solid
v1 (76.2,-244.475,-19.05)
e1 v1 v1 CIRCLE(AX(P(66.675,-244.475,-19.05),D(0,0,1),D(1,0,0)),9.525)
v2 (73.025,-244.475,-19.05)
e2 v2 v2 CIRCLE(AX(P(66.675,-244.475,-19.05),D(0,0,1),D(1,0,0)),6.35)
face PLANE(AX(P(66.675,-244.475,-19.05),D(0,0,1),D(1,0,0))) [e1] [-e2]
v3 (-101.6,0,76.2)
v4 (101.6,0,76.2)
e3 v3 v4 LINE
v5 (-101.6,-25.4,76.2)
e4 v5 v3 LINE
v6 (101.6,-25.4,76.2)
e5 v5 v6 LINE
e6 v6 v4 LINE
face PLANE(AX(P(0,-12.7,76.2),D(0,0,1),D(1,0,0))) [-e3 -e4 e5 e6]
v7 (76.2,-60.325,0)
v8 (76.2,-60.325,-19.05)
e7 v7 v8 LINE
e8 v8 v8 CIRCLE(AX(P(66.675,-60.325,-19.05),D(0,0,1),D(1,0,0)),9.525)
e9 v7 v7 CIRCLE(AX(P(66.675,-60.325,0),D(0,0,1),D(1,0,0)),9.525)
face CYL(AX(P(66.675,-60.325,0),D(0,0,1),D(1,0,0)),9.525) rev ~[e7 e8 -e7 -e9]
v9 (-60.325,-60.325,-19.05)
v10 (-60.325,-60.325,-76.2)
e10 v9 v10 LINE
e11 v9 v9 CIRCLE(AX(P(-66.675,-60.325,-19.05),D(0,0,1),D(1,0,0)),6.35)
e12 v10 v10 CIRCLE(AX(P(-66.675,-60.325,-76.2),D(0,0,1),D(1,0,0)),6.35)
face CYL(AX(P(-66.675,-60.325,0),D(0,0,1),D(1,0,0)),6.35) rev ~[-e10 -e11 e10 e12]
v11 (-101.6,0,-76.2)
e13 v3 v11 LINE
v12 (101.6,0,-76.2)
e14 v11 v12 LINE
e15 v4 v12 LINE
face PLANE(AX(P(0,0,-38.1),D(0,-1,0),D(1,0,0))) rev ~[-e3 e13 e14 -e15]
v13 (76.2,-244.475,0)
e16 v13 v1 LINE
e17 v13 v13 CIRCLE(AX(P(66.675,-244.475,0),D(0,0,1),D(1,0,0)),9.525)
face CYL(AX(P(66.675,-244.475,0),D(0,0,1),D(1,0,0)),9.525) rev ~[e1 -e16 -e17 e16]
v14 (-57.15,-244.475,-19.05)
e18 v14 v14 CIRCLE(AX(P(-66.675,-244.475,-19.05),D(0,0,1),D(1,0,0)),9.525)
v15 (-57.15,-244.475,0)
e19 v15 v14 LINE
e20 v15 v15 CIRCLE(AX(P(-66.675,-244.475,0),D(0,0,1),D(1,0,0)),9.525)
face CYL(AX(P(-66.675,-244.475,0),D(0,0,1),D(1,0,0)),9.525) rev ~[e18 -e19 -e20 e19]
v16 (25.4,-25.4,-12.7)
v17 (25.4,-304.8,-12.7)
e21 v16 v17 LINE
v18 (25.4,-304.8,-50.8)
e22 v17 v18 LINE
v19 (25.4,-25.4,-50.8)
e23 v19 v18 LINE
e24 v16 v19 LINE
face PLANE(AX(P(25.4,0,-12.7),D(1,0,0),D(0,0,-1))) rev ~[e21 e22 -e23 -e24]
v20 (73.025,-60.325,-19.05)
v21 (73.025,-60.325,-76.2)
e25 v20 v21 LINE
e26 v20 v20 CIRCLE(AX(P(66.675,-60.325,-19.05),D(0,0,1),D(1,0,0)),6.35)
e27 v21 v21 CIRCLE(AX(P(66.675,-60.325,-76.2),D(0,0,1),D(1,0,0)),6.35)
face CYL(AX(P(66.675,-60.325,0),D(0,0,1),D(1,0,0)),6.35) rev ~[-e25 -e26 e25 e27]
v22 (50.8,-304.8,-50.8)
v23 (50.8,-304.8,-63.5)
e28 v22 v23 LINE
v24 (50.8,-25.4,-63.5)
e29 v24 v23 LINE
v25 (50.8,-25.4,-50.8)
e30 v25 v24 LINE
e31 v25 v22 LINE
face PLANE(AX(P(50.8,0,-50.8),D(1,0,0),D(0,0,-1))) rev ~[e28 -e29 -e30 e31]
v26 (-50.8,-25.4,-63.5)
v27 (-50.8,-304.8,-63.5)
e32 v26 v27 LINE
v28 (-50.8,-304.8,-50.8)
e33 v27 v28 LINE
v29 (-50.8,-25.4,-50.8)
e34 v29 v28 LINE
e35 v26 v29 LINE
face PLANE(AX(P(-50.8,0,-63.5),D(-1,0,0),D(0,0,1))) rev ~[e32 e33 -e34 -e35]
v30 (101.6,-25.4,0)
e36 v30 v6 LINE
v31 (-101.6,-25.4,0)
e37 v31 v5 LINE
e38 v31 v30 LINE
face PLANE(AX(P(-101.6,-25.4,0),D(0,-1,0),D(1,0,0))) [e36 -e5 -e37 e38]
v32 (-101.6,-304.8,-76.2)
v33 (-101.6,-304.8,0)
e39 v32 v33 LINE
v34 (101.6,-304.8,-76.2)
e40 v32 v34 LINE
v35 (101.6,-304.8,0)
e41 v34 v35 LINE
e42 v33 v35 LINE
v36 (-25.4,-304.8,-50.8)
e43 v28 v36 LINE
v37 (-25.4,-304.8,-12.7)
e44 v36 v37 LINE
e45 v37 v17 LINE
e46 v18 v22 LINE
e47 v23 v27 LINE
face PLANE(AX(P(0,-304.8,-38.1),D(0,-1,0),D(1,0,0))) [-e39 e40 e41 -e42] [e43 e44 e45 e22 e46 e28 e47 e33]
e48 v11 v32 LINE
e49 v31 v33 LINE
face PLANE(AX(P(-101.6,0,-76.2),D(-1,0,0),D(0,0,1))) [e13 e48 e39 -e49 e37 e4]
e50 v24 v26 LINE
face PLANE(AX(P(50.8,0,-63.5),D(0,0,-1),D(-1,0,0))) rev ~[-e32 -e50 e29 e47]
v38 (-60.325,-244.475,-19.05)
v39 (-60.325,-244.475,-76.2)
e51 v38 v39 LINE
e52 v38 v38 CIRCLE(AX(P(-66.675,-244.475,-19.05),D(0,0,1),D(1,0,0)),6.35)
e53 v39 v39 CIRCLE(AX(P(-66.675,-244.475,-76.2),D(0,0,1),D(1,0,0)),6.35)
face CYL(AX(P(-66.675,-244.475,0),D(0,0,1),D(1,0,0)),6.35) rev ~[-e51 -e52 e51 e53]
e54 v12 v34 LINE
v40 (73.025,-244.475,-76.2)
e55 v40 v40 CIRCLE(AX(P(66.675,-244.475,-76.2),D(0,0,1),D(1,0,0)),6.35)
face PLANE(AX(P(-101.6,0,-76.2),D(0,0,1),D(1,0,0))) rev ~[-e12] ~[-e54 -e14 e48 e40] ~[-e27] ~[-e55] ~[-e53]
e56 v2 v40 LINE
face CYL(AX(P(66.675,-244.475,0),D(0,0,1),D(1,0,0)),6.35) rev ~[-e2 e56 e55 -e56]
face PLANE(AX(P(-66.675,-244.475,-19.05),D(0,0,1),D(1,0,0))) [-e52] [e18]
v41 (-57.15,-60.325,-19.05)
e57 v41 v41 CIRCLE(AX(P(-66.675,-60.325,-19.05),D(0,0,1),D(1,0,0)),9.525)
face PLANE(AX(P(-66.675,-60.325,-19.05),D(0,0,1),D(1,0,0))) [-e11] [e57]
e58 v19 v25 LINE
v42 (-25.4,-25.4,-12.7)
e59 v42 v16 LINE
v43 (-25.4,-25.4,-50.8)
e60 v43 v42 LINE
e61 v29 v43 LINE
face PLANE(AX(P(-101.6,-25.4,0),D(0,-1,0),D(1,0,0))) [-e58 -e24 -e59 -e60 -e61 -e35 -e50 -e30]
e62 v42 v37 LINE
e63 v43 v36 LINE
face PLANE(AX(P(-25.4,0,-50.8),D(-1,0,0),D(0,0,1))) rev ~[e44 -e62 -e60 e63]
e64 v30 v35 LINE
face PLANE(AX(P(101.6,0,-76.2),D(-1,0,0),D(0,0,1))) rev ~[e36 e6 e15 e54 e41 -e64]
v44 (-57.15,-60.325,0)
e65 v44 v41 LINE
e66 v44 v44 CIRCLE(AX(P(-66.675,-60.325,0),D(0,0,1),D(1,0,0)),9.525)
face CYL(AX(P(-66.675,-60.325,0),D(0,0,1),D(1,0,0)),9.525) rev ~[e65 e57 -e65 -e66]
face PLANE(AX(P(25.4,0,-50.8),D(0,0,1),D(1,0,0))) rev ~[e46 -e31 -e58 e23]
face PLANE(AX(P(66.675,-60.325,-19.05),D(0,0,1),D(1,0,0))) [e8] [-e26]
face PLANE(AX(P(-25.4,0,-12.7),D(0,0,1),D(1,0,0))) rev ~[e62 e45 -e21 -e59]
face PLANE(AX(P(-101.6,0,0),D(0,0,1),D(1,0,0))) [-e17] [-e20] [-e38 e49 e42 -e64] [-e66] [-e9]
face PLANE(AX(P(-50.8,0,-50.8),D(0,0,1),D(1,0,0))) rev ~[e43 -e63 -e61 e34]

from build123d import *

# Parameters (mm, degrees)
F0_W     = 203.2
F0_H     = 76.2
F1_DEPTH = 304.8
F2_W     = 203.2
F2_H     = 25.4
F3_DEPTH = 76.2
F4_R     = 9.525
F4_R_2   = 6.35
F5_DEPTH = 19.05
F6_DEPTH = 76.201


with BuildPart() as f1:
    # F0 (on Front) → F1 (new body)
    with BuildSketch(Plane.XZ):
        with Locations((0, -38.1)):
            Rectangle(F0_W, F0_H)
        Polygon((-50.8, -63.5), (-50.8, -50.8), (-25.4, -50.8), (-25.4, -12.7), (25.4, -12.7), (25.4, -50.8), (50.8, -50.8), (50.8, -63.5), align=None, mode=Mode.SUBTRACT)
    extrude(amount=F1_DEPTH)

    # F2 (on Top) → F3 (join, symmetric)
    with BuildSketch(Plane.XY):
        with Locations((0, -12.7)):
            Rectangle(F2_W, F2_H)
    extrude(amount=F3_DEPTH, both=True)

    # F4 (on Top) → F5 (cut)
    with BuildSketch(Plane.XY):
        with Locations((-66.675, -60.325)):
            Circle(F4_R)
        with Locations((-66.675, -60.325)):
            Circle(F4_R_2, mode=Mode.SUBTRACT)
        with Locations((66.675, -60.325)):
            Circle(F4_R)
        with Locations((66.675, -60.325)):
            Circle(F4_R_2, mode=Mode.SUBTRACT)
        with Locations((66.675, -244.475)):
            Circle(F4_R)
        with Locations((66.675, -244.475)):
            Circle(F4_R_2, mode=Mode.SUBTRACT)
        with Locations((-66.675, -244.475)):
            Circle(F4_R)
        with Locations((-66.675, -244.475)):
            Circle(F4_R_2, mode=Mode.SUBTRACT)
    extrude(amount=-F5_DEPTH, mode=Mode.SUBTRACT)

    # F6 (cut, through all): faces of the model
    f6_faces = [f1.faces().sort_by_distance(p)[0] for p in [
        (-66.675, -60.325, 0),
        (66.675, -60.325, 0),
        (-66.675, -244.475, 0),
        (66.675, -244.475, 0),
    ]]
    extrude(f6_faces, amount=-F6_DEPTH, mode=Mode.SUBTRACT)


solid = f1.part
